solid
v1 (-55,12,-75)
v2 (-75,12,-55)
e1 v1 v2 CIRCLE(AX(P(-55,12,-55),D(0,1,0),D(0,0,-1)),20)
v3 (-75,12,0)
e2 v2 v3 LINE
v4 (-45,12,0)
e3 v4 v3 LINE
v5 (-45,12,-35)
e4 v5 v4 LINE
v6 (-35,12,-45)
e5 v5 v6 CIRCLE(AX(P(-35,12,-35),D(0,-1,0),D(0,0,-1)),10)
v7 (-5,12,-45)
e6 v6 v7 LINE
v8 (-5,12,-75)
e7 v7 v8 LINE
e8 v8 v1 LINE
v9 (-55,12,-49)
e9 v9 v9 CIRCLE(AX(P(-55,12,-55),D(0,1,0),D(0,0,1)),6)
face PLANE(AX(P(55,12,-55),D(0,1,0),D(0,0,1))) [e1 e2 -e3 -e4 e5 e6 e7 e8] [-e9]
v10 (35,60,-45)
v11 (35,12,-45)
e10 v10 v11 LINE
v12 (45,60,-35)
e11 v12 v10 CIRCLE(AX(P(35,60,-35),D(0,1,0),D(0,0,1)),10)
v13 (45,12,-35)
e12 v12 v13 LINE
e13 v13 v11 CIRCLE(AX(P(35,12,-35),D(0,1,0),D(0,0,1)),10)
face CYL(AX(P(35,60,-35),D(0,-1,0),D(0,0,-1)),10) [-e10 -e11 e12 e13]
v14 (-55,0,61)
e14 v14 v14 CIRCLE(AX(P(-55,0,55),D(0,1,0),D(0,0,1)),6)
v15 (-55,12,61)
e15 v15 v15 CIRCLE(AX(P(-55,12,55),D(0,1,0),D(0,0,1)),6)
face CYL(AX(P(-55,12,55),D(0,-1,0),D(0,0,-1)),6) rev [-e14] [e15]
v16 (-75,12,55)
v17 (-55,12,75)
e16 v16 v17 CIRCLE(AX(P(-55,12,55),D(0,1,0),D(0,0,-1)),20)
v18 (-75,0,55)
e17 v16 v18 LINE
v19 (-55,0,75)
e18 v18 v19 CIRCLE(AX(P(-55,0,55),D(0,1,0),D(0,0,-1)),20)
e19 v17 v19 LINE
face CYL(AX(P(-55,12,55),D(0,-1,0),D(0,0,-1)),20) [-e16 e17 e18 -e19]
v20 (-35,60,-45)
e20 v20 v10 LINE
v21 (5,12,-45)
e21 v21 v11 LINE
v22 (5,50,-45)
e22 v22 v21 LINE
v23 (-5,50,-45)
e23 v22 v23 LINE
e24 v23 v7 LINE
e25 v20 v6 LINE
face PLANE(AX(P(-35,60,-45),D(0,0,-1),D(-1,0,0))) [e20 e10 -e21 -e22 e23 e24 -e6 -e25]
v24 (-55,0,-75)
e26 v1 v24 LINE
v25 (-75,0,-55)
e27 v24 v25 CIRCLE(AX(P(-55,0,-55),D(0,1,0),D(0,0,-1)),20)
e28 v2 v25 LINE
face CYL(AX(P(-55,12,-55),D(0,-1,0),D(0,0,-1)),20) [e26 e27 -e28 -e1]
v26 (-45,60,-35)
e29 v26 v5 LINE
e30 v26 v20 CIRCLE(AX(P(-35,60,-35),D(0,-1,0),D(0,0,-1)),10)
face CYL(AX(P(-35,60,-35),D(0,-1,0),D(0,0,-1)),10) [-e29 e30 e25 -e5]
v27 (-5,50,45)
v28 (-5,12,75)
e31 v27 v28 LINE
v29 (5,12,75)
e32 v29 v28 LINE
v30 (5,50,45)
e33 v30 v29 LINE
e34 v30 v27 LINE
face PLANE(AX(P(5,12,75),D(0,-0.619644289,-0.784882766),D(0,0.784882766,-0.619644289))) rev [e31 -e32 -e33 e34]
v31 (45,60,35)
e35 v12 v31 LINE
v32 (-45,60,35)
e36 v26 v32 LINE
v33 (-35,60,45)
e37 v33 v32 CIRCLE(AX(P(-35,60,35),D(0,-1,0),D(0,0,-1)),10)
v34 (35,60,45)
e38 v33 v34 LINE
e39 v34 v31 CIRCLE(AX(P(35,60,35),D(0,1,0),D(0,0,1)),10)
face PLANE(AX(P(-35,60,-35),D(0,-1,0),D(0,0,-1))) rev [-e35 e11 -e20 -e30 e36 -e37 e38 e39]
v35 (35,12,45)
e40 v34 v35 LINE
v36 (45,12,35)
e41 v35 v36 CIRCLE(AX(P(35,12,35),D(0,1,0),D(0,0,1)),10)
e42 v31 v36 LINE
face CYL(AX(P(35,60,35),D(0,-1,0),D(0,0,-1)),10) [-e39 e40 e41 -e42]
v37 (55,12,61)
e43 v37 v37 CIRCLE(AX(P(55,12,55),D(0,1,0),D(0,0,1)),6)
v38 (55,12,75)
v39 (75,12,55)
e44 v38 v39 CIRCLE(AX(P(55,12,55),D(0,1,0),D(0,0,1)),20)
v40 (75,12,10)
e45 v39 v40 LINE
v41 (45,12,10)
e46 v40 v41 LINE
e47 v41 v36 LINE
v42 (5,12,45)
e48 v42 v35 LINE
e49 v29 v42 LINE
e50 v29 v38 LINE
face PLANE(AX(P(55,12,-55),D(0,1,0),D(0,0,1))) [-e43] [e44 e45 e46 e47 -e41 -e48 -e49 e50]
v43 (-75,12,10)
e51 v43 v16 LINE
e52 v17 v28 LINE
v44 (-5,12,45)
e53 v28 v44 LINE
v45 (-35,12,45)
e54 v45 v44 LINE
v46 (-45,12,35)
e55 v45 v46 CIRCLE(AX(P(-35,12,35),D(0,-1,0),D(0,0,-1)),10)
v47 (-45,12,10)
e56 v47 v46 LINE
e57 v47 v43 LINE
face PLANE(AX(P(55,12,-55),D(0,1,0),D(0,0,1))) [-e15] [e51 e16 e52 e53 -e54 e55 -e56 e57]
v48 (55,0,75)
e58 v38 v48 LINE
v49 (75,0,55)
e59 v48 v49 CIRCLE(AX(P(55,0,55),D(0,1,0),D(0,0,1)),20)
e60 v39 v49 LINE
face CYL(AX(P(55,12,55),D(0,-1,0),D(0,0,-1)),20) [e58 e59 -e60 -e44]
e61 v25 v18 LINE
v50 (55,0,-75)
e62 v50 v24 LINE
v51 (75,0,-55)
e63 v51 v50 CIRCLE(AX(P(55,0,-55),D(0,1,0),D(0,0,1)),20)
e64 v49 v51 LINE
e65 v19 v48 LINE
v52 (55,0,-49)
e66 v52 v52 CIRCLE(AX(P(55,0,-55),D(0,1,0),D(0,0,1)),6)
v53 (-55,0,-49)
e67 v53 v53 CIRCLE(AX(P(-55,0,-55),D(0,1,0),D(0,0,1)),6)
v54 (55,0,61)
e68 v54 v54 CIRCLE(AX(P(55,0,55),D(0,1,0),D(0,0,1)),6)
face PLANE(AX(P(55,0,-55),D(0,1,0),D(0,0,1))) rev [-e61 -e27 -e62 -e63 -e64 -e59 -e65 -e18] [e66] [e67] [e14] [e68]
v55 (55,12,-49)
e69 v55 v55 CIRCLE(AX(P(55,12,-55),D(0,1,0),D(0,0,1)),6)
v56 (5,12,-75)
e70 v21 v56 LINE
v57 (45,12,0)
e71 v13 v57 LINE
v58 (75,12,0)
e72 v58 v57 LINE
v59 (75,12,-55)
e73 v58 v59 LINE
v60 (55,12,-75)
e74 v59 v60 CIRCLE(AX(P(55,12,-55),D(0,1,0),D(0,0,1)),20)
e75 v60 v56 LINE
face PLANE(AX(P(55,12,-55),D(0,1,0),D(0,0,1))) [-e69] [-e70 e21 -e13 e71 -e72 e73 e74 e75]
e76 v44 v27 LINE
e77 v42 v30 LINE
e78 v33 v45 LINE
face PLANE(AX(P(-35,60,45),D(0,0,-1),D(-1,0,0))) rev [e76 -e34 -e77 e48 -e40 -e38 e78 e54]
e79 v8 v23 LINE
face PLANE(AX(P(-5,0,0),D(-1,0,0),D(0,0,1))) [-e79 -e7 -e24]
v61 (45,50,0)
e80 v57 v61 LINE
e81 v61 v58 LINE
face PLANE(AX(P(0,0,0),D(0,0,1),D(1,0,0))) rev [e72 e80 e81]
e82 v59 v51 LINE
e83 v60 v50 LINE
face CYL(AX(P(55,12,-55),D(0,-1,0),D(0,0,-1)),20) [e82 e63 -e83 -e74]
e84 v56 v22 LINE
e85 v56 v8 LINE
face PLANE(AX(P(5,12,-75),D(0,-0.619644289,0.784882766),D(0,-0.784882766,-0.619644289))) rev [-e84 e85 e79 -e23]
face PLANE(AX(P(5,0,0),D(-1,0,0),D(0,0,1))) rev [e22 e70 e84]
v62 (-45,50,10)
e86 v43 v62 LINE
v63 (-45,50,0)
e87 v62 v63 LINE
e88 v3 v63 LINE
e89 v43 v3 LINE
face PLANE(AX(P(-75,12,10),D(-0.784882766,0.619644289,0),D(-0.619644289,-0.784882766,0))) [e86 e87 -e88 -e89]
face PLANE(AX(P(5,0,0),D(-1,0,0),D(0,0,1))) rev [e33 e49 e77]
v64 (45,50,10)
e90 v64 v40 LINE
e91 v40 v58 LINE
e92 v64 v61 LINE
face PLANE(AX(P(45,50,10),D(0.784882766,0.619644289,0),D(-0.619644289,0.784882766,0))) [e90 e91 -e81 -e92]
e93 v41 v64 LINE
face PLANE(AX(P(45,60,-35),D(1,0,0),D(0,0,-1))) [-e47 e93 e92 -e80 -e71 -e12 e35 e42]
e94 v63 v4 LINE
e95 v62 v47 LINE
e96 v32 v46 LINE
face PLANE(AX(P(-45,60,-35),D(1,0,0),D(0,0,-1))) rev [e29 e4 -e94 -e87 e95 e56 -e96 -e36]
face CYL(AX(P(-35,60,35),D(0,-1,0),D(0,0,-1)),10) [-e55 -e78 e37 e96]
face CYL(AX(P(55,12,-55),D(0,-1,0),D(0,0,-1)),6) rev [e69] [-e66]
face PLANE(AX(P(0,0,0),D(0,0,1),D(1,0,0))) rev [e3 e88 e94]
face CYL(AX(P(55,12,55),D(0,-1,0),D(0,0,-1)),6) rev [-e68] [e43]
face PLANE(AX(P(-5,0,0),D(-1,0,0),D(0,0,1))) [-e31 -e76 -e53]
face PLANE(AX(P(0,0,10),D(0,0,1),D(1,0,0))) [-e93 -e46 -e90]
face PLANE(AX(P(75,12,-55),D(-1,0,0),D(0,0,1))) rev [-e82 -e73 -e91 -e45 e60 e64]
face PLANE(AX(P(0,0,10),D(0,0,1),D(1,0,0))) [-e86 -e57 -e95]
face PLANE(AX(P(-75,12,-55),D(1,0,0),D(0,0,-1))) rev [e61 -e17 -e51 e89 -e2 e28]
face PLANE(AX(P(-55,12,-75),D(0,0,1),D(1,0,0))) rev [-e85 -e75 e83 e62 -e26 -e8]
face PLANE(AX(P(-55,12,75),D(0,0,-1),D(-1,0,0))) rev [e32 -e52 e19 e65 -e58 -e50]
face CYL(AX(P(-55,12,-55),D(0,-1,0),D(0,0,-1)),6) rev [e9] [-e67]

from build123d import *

# Parameters (mm, degrees)
SKETCH1_R           = 6
BOSS_EXTRUDE2_DEPTH = 12
BOSS_EXTRUDE3_DEPTH = 48
BOSS_EXTRUDE5_DEPTH = 5
BOSS_EXTRUDE6_DEPTH = 10


with BuildPart() as part:
    # Sketch1 → Boss-Extrude2 (new body)
    with BuildSketch(Plane(origin=(0, 0, 0), x_dir=(1, 0, 0), z_dir=(0, 1, 0))):
        with BuildLine():
            Line((-55, 75), (55, 75))
            ThreePointArc((55, 75), (69.142135624, 69.142135624), (75, 55))
            Line((75, 55), (75, -55))
            ThreePointArc((75, -55), (69.142135624, -69.142135624), (55, -75))
            Line((55, -75), (-55, -75))
            ThreePointArc((-55, -75), (-69.142135624, -69.142135624), (-75, -55))
            Line((-75, -55), (-75, 55))
            ThreePointArc((-75, 55), (-69.142135624, 69.142135624), (-55, 75))
        make_face()
        with Locations((-55, 55)):
            Circle(SKETCH1_R, mode=Mode.SUBTRACT)
        with Locations((-55, -55)):
            Circle(SKETCH1_R, mode=Mode.SUBTRACT)
        with Locations((55, -55)):
            Circle(SKETCH1_R, mode=Mode.SUBTRACT)
        with Locations((55, 55)):
            Circle(SKETCH1_R, mode=Mode.SUBTRACT)
    extrude(amount=BOSS_EXTRUDE2_DEPTH)

    # Sketch2 → Boss-Extrude3 (add)
    with BuildSketch(Plane(origin=(0, 12, 0), x_dir=(1, 0, 0), z_dir=(0, 1, 0))):
        with BuildLine():
            Line((-35, 45), (35, 45))
            ThreePointArc((35, 45), (42.071067812, 42.071067812), (45, 35))
            Line((45, 35), (45, -35))
            ThreePointArc((45, -35), (42.071067812, -42.071067812), (35, -45))
            Line((35, -45), (-35, -45))
            ThreePointArc((-35, -45), (-42.071067812, -42.071067812), (-45, -35))
            Line((-45, -35), (-45, 35))
            ThreePointArc((-45, 35), (-42.071067812, 42.071067812), (-35, 45))
        make_face()
    extrude(amount=BOSS_EXTRUDE3_DEPTH)

    # Sketch3 → Boss-Extrude5 (add, symmetric)
    with BuildSketch(Plane(origin=(0, 0, 0), x_dir=(0, 0, -1), z_dir=(1, 0, 0))):
        Polygon((45, 50), (45, 12), (75, 12), align=None)
        Polygon((-45, 12), (-75, 12), (-45, 50), align=None)
    extrude(amount=BOSS_EXTRUDE5_DEPTH, both=True)

    # Sketch6 → Boss-Extrude6 (add)
    with BuildSketch(Plane.XY):
        Polygon((45, 50), (75, 12), (45, 12), align=None)
        Polygon((-45, 50), (-45, 12), (-75, 12), align=None)
    extrude(amount=BOSS_EXTRUDE6_DEPTH)


solid = part.part
